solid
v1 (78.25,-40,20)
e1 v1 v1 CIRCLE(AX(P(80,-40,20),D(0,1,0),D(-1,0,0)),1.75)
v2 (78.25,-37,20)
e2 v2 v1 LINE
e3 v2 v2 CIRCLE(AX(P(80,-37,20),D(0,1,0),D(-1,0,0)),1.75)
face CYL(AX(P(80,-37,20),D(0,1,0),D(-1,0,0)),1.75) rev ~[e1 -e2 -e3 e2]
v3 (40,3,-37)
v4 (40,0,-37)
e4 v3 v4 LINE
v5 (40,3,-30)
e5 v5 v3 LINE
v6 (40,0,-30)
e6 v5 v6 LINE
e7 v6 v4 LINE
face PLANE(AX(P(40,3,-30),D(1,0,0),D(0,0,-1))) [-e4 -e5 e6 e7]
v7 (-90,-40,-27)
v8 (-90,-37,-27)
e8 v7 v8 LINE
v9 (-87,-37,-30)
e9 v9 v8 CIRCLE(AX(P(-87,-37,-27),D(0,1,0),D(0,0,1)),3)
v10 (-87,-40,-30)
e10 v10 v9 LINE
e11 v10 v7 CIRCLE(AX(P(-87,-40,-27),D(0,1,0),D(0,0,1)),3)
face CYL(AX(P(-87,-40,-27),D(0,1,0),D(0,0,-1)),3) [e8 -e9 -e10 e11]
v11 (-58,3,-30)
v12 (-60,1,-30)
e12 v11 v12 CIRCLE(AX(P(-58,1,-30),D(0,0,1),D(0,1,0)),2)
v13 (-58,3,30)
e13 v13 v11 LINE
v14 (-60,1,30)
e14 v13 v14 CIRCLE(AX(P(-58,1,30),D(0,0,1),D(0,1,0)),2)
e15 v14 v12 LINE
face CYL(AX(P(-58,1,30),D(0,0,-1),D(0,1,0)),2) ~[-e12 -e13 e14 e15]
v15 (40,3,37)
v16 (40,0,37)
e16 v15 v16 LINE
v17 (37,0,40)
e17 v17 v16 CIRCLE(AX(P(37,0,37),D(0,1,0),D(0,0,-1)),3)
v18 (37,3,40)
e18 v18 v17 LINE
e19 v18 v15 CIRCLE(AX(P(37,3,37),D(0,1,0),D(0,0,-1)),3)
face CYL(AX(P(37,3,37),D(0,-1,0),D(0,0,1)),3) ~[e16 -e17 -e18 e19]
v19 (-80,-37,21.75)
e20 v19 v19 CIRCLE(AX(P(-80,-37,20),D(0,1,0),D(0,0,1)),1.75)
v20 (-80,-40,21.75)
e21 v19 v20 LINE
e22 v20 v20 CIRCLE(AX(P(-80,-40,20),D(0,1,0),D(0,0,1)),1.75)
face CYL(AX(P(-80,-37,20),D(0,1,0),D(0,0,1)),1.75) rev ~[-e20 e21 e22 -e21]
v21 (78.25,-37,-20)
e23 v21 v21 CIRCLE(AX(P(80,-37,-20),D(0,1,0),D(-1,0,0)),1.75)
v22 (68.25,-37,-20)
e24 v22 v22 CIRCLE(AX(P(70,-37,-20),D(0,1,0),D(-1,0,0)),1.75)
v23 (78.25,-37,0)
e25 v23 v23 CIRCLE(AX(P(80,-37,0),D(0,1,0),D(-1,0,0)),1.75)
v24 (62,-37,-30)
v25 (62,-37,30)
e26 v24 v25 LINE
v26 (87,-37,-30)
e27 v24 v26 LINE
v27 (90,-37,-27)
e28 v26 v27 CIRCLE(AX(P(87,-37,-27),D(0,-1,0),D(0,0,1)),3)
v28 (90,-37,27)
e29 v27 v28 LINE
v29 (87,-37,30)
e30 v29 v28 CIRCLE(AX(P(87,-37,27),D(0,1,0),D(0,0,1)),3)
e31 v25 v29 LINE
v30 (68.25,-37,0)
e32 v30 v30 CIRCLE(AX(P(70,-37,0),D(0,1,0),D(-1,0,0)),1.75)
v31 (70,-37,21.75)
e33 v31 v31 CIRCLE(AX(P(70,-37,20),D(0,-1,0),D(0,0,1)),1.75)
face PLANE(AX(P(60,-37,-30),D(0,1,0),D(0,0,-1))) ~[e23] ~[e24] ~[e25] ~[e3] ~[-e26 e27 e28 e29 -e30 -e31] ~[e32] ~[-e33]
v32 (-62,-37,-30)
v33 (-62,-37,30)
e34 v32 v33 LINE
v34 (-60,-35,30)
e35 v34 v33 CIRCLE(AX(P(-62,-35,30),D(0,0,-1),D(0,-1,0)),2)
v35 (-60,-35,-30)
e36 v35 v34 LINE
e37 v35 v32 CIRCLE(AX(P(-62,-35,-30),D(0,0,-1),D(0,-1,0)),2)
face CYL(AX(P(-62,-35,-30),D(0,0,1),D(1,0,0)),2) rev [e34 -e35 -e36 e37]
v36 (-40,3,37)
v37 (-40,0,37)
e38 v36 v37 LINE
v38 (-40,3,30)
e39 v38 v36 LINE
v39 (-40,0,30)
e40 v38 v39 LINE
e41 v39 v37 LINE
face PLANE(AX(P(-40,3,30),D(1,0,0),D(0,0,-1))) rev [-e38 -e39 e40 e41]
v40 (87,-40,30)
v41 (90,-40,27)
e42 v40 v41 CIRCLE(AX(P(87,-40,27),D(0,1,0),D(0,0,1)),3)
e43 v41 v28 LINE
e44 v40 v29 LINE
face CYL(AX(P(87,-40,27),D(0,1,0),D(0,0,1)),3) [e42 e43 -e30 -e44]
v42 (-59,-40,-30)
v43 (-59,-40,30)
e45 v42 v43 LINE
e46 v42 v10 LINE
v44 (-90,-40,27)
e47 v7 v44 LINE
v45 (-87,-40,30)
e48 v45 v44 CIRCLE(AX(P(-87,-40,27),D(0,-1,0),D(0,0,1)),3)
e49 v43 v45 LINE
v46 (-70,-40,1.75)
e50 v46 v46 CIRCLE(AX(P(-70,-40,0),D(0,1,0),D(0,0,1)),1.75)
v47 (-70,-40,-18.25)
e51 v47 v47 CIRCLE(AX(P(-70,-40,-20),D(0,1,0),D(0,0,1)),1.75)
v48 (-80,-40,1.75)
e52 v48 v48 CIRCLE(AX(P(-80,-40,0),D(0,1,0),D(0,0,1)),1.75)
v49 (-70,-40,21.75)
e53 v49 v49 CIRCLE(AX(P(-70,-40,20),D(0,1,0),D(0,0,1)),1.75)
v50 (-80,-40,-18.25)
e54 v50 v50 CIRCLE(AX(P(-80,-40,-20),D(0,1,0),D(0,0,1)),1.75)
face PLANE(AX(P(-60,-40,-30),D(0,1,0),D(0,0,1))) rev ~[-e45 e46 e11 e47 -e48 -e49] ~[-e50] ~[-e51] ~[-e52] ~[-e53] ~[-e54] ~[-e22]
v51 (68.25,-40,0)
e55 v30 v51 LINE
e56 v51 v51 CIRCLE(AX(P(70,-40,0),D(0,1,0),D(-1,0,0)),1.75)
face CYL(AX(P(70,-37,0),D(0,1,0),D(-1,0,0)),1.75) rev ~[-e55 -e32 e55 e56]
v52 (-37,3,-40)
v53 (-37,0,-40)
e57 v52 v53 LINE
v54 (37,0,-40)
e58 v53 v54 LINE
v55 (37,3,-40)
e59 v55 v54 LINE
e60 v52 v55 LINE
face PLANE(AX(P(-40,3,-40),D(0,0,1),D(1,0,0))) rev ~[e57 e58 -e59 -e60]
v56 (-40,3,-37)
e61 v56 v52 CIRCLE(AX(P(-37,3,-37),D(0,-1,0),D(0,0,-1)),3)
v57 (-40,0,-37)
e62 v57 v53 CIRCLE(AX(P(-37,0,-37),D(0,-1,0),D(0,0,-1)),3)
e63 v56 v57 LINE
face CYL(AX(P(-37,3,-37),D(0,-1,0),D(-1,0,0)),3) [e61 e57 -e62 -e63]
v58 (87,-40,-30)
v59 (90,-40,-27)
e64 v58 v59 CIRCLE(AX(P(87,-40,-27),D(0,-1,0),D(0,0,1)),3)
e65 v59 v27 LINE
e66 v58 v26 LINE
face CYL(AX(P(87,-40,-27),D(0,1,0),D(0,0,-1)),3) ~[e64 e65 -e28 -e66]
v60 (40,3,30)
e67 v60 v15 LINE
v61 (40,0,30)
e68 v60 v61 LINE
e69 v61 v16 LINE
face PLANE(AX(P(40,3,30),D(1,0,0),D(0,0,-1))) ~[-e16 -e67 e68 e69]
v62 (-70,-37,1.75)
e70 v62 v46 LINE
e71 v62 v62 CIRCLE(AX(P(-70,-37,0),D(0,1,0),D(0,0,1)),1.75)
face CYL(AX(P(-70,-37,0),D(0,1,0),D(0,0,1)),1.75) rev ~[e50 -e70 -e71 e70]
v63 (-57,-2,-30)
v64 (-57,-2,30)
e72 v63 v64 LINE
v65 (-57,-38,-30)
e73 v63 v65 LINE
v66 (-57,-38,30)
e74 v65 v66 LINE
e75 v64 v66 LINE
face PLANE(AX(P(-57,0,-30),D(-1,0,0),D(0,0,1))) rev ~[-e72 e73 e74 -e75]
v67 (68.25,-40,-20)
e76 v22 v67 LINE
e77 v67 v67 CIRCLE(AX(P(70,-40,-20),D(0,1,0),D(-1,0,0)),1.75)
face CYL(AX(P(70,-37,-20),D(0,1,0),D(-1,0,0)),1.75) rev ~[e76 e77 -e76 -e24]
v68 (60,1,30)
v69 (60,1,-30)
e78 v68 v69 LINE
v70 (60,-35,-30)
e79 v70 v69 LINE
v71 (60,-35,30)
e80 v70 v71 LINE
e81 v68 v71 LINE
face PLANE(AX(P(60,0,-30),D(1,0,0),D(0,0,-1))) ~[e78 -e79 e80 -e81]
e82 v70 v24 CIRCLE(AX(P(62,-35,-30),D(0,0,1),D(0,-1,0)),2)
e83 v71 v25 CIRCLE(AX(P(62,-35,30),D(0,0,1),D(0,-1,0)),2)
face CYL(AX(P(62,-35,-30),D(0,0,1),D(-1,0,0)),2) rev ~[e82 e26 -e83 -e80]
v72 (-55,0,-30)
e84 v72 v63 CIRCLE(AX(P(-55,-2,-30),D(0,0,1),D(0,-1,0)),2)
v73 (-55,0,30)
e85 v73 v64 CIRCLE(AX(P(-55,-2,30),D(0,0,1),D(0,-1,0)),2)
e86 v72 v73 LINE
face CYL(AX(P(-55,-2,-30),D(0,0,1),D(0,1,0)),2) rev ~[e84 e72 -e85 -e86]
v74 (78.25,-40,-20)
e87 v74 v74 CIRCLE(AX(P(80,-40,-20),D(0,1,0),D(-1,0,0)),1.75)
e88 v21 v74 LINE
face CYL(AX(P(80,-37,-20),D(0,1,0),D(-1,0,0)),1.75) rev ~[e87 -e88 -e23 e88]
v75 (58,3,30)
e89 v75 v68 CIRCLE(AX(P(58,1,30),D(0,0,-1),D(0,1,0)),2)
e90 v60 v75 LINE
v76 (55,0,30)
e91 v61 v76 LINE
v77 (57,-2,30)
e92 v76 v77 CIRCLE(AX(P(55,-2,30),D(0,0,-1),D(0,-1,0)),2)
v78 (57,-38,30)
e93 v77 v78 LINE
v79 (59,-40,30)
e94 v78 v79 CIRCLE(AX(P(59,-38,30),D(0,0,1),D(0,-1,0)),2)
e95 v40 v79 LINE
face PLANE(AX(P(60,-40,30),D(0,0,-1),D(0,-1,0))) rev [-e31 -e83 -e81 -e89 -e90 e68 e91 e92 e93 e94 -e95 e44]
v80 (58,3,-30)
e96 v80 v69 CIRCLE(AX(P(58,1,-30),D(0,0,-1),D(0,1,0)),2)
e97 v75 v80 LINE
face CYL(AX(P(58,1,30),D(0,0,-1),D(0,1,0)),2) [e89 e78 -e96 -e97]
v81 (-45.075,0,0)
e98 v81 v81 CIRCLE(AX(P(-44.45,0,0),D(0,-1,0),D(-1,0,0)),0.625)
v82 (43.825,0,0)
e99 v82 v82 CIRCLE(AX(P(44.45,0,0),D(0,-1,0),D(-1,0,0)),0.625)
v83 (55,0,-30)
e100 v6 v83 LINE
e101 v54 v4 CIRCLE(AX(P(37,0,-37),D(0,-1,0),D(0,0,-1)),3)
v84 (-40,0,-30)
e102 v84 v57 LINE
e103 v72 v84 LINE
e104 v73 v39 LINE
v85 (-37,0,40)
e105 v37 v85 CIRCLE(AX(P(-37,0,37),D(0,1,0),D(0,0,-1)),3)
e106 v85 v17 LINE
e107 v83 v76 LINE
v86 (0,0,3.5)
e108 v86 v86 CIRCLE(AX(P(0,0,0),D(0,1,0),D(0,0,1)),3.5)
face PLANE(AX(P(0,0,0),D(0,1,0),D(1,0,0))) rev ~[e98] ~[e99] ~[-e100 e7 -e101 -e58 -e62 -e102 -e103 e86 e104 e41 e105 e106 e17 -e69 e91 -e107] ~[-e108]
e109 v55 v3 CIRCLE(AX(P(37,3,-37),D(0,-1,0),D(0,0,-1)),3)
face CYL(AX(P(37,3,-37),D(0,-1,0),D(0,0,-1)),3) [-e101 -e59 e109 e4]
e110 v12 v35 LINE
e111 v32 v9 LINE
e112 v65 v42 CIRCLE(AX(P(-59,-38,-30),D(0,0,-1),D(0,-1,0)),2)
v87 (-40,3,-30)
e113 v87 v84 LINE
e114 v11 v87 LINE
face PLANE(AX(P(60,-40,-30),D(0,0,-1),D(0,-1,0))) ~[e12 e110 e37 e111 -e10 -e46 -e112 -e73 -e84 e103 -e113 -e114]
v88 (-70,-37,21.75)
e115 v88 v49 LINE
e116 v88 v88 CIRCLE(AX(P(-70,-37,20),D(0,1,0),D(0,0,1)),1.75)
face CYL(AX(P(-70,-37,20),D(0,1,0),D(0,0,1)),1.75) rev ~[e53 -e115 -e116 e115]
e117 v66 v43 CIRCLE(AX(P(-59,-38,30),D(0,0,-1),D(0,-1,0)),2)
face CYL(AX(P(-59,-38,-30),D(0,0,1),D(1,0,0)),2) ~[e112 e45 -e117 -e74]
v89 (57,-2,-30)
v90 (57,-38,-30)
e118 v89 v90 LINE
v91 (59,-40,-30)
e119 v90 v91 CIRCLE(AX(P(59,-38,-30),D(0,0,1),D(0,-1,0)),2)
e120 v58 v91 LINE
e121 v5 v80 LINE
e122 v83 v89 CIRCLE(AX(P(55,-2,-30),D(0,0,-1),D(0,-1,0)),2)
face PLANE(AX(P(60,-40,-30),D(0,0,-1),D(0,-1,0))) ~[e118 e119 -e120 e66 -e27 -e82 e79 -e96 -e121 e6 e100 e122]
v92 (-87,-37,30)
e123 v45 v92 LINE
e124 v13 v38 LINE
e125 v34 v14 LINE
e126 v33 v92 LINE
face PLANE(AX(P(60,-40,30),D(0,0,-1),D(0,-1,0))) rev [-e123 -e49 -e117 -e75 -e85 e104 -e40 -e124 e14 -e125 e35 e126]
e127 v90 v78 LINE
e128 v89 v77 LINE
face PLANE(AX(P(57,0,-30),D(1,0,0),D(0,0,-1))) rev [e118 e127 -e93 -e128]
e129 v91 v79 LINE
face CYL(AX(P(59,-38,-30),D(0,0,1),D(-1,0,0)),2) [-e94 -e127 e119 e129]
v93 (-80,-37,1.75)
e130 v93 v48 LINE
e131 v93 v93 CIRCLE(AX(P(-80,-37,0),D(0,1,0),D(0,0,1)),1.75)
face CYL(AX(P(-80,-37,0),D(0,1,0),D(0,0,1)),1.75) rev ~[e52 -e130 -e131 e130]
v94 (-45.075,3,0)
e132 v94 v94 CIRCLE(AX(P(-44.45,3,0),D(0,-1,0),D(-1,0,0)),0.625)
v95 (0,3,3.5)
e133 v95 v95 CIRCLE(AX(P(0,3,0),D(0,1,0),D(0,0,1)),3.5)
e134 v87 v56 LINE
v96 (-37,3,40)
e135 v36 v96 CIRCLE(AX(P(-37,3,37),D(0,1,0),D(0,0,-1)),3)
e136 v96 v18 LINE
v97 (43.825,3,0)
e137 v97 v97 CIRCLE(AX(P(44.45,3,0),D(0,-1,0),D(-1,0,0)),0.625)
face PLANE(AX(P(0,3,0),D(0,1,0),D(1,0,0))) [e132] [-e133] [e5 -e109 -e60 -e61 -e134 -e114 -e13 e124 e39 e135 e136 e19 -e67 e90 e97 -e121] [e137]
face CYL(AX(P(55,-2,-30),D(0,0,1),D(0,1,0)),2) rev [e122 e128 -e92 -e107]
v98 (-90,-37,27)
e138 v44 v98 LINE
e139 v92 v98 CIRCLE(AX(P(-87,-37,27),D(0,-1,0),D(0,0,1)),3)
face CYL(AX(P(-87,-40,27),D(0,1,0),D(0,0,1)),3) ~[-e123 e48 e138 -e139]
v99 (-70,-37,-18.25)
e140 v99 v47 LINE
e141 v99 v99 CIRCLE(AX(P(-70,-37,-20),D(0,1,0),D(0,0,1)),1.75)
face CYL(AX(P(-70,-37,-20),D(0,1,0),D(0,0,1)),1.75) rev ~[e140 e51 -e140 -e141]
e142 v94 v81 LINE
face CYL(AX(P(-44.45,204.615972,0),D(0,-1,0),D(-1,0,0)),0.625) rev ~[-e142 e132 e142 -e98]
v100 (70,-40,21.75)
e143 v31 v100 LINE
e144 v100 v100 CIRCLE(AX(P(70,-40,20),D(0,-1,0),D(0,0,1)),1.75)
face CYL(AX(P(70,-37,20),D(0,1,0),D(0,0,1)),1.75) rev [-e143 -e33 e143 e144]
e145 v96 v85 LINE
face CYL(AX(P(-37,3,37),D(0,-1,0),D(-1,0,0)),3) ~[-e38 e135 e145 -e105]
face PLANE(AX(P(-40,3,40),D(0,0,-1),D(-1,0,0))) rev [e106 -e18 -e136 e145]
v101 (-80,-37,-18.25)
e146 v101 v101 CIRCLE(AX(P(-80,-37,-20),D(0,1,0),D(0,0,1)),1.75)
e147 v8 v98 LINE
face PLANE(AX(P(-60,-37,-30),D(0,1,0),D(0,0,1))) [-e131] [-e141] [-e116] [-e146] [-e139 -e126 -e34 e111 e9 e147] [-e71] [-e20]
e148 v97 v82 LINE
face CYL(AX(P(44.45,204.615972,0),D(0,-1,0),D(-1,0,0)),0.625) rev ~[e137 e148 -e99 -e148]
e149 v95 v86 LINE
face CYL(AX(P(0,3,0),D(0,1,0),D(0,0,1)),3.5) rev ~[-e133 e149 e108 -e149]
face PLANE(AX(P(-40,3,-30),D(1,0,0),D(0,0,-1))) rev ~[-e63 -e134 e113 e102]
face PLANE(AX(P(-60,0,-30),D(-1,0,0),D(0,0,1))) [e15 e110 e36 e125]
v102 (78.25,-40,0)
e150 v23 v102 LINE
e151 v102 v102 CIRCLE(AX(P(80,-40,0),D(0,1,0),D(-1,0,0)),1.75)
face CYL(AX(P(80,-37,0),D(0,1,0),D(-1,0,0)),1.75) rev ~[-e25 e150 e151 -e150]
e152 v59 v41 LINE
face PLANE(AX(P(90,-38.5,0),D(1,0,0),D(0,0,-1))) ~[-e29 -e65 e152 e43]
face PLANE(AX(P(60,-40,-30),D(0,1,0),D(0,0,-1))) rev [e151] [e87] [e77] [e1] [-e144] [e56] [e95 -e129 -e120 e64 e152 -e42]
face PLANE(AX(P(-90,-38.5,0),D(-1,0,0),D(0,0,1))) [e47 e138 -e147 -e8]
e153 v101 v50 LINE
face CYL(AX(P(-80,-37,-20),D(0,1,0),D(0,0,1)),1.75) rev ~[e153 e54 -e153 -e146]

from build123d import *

# Parameters (mm, degrees)
SKETCH_1_W                  = 120
SKETCH_1_H                  = 60
EXTRUDE_1_DEPTH             = 3
SKETCH_2_W                  = 3
SKETCH_2_H                  = 60
EXTRUDE_2_DEPTH             = 40
SKETCH_3_W                  = 60
SKETCH_3_H                  = 3
EXTRUDE_3_DEPTH             = 30
SKETCH_4_R                  = 1.75
CUT_EXTRUDE_1_DEPTH         = 3
PATTERN_LINEAR_1_COUNT      = 3
PATTERN_LINEAR_1_PITCH      = 20
PATTERN_LINEAR_1_COUNT_DIR2 = 2
PATTERN_LINEAR_1_PITCH_DIR2 = 10
MIRROR_1_COPY_1_SKETCH_R    = 1.75
MIRROR_1_COPY_1_DEPTH       = 3
MIRROR_1_COPY_2_SKETCH_R    = 1.75
MIRROR_1_COPY_2_DEPTH       = 3
MIRROR_1_COPY_3_SKETCH_R    = 1.75
MIRROR_1_COPY_3_DEPTH       = 3
MIRROR_1_COPY_4_SKETCH_R    = 1.75
MIRROR_1_COPY_4_DEPTH       = 3
MIRROR_1_COPY_5_SKETCH_R    = 1.75
MIRROR_1_COPY_5_DEPTH       = 3
SKETCH_5_R                  = 3.5
CUT_EXTRUDE_2_DEPTH         = 3
SKETCH_6_R                  = 0.5
CUT_EXTRUDE_3_DEPTH         = 3
SKETCH_7_W                  = 80
SKETCH_7_H                  = 10
EXTRUDE_4_DEPTH             = 3
FILLET_1_R                  = 3
FILLET_2_R                  = 3
HOLE_WIZARD_M1_6_1_D        = 1.25
FILLET_3_R                  = 2
FILLET_4_R                  = 2
FILLET_5_R                  = 3


with BuildPart() as part:
    # 草图1 → 凸台-拉伸1 (new body)
    with BuildSketch(Plane(origin=(0, 0, 0), x_dir=(1, 0, 0), z_dir=(0, 1, 0))):
        Rectangle(SKETCH_1_W, SKETCH_1_H)
    extrude(amount=EXTRUDE_1_DEPTH)

    # 草图2 → 凸台-拉伸2 (add)
    with BuildSketch(Plane.XZ):
        with Locations((-58.5, 0)):
            Rectangle(SKETCH_2_W, SKETCH_2_H)
    extrude_2 = extrude(amount=EXTRUDE_2_DEPTH)

    # 草图3 → 凸台-拉伸3 (add)
    with BuildSketch(Plane.ZY.offset(60)):
        with Locations((0, -38.5)):
            Rectangle(SKETCH_3_W, SKETCH_3_H)
    extrude_3 = extrude(amount=EXTRUDE_3_DEPTH)

    # 草图4 → 切除-拉伸1 (cut)
    with BuildSketch(Plane(origin=(0, -37, 0), x_dir=(1, 0, 0), z_dir=(0, 1, 0))):
        with Locations(Location((-70, -20, 0), (0, 0, 270))):
            Circle(SKETCH_4_R)
    cut_extrude_1 = extrude(amount=-CUT_EXTRUDE_1_DEPTH, mode=Mode.SUBTRACT)

    # 阵列(线性)1: Cut-Extrude 1 3 × 2
    with Locations(*[(-j * PATTERN_LINEAR_1_PITCH_DIR2, 0, -i * PATTERN_LINEAR_1_PITCH) for i in range(PATTERN_LINEAR_1_COUNT) for j in range(PATTERN_LINEAR_1_COUNT_DIR2) if (i, j) != (0, 0)]):
        add(cut_extrude_1, mode=Mode.SUBTRACT)

    # 镜向1: 凸台-拉伸2, 凸台-拉伸3, 切除-拉伸1 across plane
    add(extrude_2.mirror(Plane(origin=(0, 0, 0), x_dir=(0, 0, 1), z_dir=(1, 0, 0))))
    add(extrude_3.mirror(Plane(origin=(0, 0, 0), x_dir=(0, 0, 1), z_dir=(1, 0, 0))))
    add(cut_extrude_1.mirror(Plane(origin=(0, 0, 0), x_dir=(0, 0, 1), z_dir=(1, 0, 0))), mode=Mode.SUBTRACT)

    # 镜向1 copy 1 sketch → 镜向1 copy 1 (cut)
    with BuildSketch(Plane(origin=(10, -37, 0), x_dir=(-1, 0, 0), z_dir=(0, 1, 0))):
        with Locations((-70, 20)):
            Circle(MIRROR_1_COPY_1_SKETCH_R)
    extrude(amount=-MIRROR_1_COPY_1_DEPTH, mode=Mode.SUBTRACT)

    # 镜向1 copy 2 sketch → 镜向1 copy 2 (cut)
    with BuildSketch(Plane(origin=(0, -37, -20), x_dir=(-1, 0, 0), z_dir=(0, 1, 0))):
        with Locations((-70, 20)):
            Circle(MIRROR_1_COPY_2_SKETCH_R)
    extrude(amount=-MIRROR_1_COPY_2_DEPTH, mode=Mode.SUBTRACT)

    # 镜向1 copy 3 sketch → 镜向1 copy 3 (cut)
    with BuildSketch(Plane(origin=(10, -37, -20), x_dir=(-1, 0, 0), z_dir=(0, 1, 0))):
        with Locations((-70, 20)):
            Circle(MIRROR_1_COPY_3_SKETCH_R)
    extrude(amount=-MIRROR_1_COPY_3_DEPTH, mode=Mode.SUBTRACT)

    # 镜向1 copy 4 sketch → 镜向1 copy 4 (cut)
    with BuildSketch(Plane(origin=(0, -37, -40), x_dir=(-1, 0, 0), z_dir=(0, 1, 0))):
        with Locations((-70, 20)):
            Circle(MIRROR_1_COPY_4_SKETCH_R)
    extrude(amount=-MIRROR_1_COPY_4_DEPTH, mode=Mode.SUBTRACT)

    # 镜向1 copy 5 sketch → 镜向1 copy 5 (cut)
    with BuildSketch(Plane(origin=(10, -37, -40), x_dir=(-1, 0, 0), z_dir=(0, 1, 0))):
        with Locations((-70, 20)):
            Circle(MIRROR_1_COPY_5_SKETCH_R)
    extrude(amount=-MIRROR_1_COPY_5_DEPTH, mode=Mode.SUBTRACT)

    # 草图5 → 切除-拉伸2 (cut)
    with BuildSketch(Plane(origin=(0, 3, 0), x_dir=(1, 0, 0), z_dir=(0, 1, 0))):
        with Locations(Location((0, 0, 0), (0, 0, 270))):
            Circle(SKETCH_5_R)
    extrude(amount=-CUT_EXTRUDE_2_DEPTH, mode=Mode.SUBTRACT)

    # 草图6 → 切除-拉伸3 (cut)
    with BuildSketch(Plane(origin=(0, 3, 0), x_dir=(1, 0, 0), z_dir=(0, 1, 0))):
        with Locations(Location((44.45, 0, 0), (0, 0, 270))):
            Circle(SKETCH_6_R)
    cut_extrude_3 = extrude(amount=-CUT_EXTRUDE_3_DEPTH, mode=Mode.SUBTRACT)

    # 镜向2: 切除-拉伸3 across plane
    add(cut_extrude_3.mirror(Plane(origin=(0, 0, 0), x_dir=(0, 0, 1), z_dir=(1, 0, 0))), mode=Mode.SUBTRACT)

    # 草图7 → 凸台-拉伸4 (add)
    with BuildSketch(Plane(origin=(0, 3, 0), x_dir=(1, 0, 0), z_dir=(0, 1, 0))):
        with Locations((0, 35)):
            Rectangle(SKETCH_7_W, SKETCH_7_H)
    extrude_4 = extrude(amount=-EXTRUDE_4_DEPTH)

    # 镜向3: 凸台-拉伸4 across plane
    add(extrude_4.mirror(Plane.XY))

    # 圆角1
    fillet_1_edges = [part.edges().sort_by_distance(p)[0] for p in [
        (-40, 1.5, 40),
    ]]
    fillet(fillet_1_edges, radius=FILLET_1_R)

    # 圆角2
    fillet_2_edges = [part.edges().sort_by_distance(p)[0] for p in [
        (-40, 1.5, -40),
        (40, 1.5, -40),
        (40, 1.5, 40),
    ]]
    fillet(fillet_2_edges, radius=FILLET_2_R)

    # M1.6 螺纹孔1 (through all)
    with Locations(Plane(origin=(0, 3, 0), x_dir=(1, 0, 0), z_dir=(0, 1, 0))):
        with Locations((44.45, 0), (-44.45, 0)):
            Hole(HOLE_WIZARD_M1_6_1_D / 2)

    # 圆角3
    fillet_3_edges = [part.edges().sort_by_distance(p)[0] for p in [
        (-57, 0, 0),
        (-60, 3, 0),
    ]]
    fillet(fillet_3_edges, radius=FILLET_3_R)

    # 圆角4
    fillet_4_edges = [part.edges().sort_by_distance(p)[0] for p in [
        (60, 3, 0),
        (-57, -40, 0),
        (-60, -37, 0),
        (57, -40, 0),
        (57, 0, 0),
        (60, -37, 0),
    ]]
    fillet(fillet_4_edges, radius=FILLET_4_R)

    # 圆角5
    fillet_5_edges = [part.edges().sort_by_distance(p)[0] for p in [
        (-90, -38.5, -30),
        (-90, -38.5, 30),
        (90, -38.5, -30),
        (90, -38.5, 30),
    ]]
    fillet(fillet_5_edges, radius=FILLET_5_R)


solid = part.part
